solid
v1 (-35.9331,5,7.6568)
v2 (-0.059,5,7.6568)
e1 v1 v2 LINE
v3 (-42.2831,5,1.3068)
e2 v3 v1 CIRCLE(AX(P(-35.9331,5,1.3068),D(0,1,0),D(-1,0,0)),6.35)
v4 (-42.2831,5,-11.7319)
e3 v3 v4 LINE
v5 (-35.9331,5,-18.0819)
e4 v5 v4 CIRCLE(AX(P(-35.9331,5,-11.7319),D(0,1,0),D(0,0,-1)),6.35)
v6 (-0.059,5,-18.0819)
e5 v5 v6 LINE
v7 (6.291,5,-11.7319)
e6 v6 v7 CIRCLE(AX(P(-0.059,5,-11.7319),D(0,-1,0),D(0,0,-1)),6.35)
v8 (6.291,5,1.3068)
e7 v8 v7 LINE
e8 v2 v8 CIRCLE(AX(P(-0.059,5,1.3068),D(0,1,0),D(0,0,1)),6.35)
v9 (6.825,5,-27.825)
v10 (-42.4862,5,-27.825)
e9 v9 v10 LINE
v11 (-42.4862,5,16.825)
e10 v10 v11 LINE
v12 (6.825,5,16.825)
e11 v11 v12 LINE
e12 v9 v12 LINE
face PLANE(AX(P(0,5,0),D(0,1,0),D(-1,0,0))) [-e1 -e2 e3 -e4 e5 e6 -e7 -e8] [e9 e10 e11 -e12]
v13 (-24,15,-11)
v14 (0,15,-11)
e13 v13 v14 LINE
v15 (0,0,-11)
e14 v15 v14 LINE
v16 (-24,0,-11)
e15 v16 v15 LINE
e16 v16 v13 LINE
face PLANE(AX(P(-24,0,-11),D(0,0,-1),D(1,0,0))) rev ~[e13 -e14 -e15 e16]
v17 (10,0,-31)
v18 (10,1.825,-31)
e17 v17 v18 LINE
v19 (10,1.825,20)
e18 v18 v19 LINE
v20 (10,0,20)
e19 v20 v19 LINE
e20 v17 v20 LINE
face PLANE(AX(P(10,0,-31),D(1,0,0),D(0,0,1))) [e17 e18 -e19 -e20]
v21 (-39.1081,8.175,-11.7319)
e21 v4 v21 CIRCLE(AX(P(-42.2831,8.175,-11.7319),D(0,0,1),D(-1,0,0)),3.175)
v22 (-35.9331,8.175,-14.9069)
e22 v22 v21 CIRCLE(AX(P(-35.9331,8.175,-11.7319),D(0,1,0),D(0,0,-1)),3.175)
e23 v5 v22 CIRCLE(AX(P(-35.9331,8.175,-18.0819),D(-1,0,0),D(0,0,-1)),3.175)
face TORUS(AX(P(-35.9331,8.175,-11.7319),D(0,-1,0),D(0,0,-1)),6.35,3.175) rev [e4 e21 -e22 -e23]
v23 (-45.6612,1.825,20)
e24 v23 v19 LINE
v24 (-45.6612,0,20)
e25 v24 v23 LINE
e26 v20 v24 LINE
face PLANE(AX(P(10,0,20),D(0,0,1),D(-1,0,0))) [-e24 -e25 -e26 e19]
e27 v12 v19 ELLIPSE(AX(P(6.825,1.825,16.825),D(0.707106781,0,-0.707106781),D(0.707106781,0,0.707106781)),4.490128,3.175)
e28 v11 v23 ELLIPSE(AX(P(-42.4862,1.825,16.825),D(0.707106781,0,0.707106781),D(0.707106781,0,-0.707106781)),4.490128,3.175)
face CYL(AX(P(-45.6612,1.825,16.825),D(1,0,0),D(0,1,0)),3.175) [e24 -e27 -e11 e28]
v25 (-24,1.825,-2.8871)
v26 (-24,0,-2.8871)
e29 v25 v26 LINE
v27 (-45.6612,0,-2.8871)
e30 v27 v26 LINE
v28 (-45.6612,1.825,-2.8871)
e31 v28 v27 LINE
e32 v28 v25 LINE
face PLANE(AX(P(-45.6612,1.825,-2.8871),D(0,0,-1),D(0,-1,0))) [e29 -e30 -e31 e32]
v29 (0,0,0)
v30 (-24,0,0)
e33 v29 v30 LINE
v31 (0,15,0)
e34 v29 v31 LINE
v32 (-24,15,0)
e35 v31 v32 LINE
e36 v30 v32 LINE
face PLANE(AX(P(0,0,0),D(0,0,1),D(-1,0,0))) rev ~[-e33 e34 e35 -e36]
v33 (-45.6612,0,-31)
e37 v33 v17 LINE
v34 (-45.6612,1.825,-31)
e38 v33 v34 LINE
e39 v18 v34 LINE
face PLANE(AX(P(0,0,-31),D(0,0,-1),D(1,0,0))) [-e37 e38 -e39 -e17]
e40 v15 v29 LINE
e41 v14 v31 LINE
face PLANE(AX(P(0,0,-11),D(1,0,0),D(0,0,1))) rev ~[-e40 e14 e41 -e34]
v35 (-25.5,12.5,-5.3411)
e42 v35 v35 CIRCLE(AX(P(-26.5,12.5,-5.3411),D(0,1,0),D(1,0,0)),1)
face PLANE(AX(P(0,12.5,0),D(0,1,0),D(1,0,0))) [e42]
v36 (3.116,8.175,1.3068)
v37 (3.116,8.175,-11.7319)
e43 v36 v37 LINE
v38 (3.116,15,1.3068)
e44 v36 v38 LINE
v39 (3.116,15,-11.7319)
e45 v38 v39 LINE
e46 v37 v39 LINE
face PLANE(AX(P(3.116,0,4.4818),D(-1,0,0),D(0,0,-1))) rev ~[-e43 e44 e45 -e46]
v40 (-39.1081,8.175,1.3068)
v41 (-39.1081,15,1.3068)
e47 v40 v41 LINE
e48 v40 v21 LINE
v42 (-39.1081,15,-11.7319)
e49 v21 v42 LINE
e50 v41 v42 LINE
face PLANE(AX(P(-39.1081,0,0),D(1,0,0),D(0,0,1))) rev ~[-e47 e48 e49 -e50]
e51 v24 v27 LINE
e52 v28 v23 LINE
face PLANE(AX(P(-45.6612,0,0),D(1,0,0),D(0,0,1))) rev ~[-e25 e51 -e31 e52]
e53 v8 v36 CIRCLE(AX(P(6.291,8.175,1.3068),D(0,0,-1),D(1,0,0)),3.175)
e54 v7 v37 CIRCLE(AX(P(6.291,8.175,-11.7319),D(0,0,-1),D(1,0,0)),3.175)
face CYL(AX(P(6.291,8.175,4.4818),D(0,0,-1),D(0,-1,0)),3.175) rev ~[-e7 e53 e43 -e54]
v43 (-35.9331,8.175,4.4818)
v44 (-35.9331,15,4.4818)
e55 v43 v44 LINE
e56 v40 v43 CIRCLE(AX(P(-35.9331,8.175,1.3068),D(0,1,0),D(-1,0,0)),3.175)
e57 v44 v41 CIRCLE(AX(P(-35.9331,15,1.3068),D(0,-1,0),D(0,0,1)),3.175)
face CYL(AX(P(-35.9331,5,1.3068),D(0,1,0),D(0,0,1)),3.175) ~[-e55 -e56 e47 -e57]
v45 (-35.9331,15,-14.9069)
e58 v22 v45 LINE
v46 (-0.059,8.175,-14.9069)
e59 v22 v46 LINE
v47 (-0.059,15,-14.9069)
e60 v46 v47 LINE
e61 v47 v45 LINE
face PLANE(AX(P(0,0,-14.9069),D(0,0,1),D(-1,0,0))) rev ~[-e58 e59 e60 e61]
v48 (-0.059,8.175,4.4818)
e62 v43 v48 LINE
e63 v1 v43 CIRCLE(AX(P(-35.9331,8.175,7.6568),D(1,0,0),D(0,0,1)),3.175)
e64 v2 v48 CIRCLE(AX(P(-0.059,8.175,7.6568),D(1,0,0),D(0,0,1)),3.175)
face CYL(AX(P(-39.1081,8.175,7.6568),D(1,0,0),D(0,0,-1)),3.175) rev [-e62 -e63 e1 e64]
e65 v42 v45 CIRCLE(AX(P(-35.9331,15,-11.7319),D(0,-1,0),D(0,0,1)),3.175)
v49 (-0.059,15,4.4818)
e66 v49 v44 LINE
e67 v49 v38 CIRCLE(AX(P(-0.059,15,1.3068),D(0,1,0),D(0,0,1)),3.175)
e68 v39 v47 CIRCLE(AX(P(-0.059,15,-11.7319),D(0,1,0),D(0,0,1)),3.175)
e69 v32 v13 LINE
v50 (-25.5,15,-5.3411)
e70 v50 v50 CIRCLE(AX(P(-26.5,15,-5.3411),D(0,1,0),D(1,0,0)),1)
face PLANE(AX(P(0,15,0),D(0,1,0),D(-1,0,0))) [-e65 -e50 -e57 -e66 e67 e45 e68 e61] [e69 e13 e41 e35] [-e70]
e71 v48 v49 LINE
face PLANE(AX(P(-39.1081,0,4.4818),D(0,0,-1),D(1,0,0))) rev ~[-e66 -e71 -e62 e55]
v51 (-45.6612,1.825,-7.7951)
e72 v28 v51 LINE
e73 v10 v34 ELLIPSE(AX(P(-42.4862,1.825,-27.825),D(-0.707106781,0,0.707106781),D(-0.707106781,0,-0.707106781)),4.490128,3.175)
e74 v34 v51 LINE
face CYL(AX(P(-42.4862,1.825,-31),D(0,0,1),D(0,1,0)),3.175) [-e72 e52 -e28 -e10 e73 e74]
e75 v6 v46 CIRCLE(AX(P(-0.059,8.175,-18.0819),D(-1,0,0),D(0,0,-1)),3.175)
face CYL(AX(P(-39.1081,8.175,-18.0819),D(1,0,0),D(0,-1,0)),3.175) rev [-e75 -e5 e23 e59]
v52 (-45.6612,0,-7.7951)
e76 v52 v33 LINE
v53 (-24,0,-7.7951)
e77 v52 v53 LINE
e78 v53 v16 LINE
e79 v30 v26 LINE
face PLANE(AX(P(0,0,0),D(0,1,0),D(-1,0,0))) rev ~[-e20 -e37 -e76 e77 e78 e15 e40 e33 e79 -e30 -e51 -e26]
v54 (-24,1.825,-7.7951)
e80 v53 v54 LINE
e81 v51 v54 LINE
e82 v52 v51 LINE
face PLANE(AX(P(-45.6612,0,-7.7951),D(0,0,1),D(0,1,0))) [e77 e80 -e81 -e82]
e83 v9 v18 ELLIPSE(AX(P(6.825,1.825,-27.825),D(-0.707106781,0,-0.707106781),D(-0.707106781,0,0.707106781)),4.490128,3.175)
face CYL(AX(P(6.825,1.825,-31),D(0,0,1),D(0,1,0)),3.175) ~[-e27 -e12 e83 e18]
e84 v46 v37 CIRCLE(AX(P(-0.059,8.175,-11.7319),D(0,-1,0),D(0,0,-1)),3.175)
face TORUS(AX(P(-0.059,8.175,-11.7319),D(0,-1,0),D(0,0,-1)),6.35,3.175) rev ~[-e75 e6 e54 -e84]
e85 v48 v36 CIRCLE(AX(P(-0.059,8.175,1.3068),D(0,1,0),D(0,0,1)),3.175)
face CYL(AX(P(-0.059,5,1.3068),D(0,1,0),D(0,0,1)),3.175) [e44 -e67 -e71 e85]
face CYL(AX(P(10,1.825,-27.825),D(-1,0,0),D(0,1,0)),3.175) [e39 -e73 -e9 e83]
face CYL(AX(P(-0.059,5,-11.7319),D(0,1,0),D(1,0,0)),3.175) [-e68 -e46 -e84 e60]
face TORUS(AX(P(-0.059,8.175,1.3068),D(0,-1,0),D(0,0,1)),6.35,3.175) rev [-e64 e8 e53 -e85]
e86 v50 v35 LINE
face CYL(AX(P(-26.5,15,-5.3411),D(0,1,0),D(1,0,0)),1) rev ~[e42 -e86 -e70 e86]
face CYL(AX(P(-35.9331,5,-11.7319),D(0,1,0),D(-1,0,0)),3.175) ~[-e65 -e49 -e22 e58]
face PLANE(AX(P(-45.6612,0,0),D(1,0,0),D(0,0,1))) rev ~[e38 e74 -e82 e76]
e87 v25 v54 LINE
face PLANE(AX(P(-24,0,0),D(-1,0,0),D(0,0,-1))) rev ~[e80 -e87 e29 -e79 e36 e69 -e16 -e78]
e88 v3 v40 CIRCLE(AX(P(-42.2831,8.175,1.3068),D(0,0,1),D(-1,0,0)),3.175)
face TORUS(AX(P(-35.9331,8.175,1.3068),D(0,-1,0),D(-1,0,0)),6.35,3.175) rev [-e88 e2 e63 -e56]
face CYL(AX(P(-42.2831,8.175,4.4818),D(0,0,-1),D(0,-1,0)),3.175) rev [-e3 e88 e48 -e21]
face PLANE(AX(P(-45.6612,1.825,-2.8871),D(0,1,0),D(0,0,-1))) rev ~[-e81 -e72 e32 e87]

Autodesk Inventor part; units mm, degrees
ref_plane "YZ Plane" through (0, 0, 0) normal (1, 0, 0) x (0, 1, 0)
ref_plane "XZ Plane" through (0, 0, 0) normal (0, 1, 0) x (-1, 0, 0)
ref_plane "XY Plane" through (0, 0, 0) normal (0, 0, 1) x (1, 0, 0)
sketch "Sketch1" plane through (0, 0, 0) normal (0, 1, 0) x (-1, 0, 0)
  line L0 (0, 0) -> (24, 0)
  line L1 (24, 0) -> (24, -11)
  line L2 (24, -11) -> (0, -11)
  line L3 (0, -11) -> (0, 0)
  line L4 (24, -11) -> (35.6612, -11)
  line L5 (35.6612, -11) -> (35.6612, 0)
  line L6 (35.6612, 0) -> (24, 0)
  line L7 (24, 0) -> (24, -11)
  line L8 (0, 0) -> (0, 20)
  line L9 (0, -11) -> (0, -31)
  line L10 (0, -31) -> (-10, -31)
  line L11 (-10, -31) -> (-10, 20)
  line L12 (-10, 20) -> (0, 20)
  line L13 (35.6612, 0) -> (45.6612, 0)
  line L14 (45.6612, 0) -> (45.6612, 20)
  line L15 (45.6612, 20) -> (0, 20)
  line L16 (45.6612, 0) -> (45.6612, -31)
  line L17 (45.6612, -31) -> (0, -31)
  line L18 (39.1081, 4.4818) -> (-3.116, 4.4818)
  line L19 (-3.116, 4.4818) -> (-3.116, -14.9069)
  line L20 (-3.116, -14.9069) -> (39.1081, -14.9069)
  line L21 (39.1081, -14.9069) -> (39.1081, 4.4818)
  dimension "d0" = 24
  dimension "d1" = 11
  dimension "d2" = 20
  dimension "d3" = 20
  dimension "d4" = 10
  dimension "d6" = 10
extrude "Extrusion1" add sketch "Sketch1" along normal blind 15 contours L8 L18 L21 L13 L6 L0 | L3 L9 L20 L19 L18 L8 | L6 L5 L4 L1 | L2 L4 L5 L13 L21 L20 L9
extrude "Extrusion2" add sketch "Sketch1" along normal blind 5 contours L18 L19 L20 L9 L10 L11 L12 L8 | L8 L15 L14 L13 L21 L18 | L20 L21 L13 L16 L17 L9
fillet "Fillet1" radius 3.175 12 edges at (-17.8306, 5, 20) (10, 5, -5.5) (-17.8306, 5, -31) (-45.6612, 5, -5.5) (-17.996, 5, -14.9069) (-39.1081, 5, -5.2126) (-17.996, 5, 4.4818) (3.116, 5, -5.2126) (-39.1081, 10, -14.9069) (-39.1081, 10, 4.4818) (3.116, 10, -14.9069) (3.116, 10, 4.4818)
sketch "Sketch2" plane through (-45.6612, 0, -31) normal (-1, 0, 0) x (0, 0, 1)
  line L0 (51, 1.825) -> (0, 1.825) projected
  line L1 (20, 0) -> (31, 0) projected
  line L2 (23.2049, 1.825) -> (28.1129, 1.825)
  line L3 (28.1129, 1.825) -> (28.1129, 0)
  line L4 (28.1129, 0) -> (23.2049, 0)
  line L5 (23.2049, 0) -> (23.2049, 1.825)
extrude "Extrusion3" cut sketch "Sketch2" against normal blind 25
sketch "Sketch3" plane through (0, 15, 0) normal (0, 1, 0) x (1, 0, 0)
  line L0 (0, 0) -> (-24, 0) projected
  line L1 (-24, 11) -> (0, 11) projected
  line L2 (-24, 0) -> (-24, 11)
  line L3 (0, 11) -> (0, 0) projected
  line L4 (-24, 11) -> (0, 11)
  line L5 (0, 11) -> (0, 0)
  line L6 (0, 5.5) -> (2.5, 5.5)
  line L7 (-24, 2.8871) -> (-24, 7.7951) projected
  line L8 (-24, 5.3411) -> (-26.5, 5.3411)
  circle A0 centre (-26.5, 5.3411) radius 1
  dimension "d14" = 2.5
  dimension "d15" = 2.5
  dimension "d16" = 2
extrude "Extrusion4" cut sketch "Sketch3" against normal blind 2.5 contours A0
properties part number "turret x"
